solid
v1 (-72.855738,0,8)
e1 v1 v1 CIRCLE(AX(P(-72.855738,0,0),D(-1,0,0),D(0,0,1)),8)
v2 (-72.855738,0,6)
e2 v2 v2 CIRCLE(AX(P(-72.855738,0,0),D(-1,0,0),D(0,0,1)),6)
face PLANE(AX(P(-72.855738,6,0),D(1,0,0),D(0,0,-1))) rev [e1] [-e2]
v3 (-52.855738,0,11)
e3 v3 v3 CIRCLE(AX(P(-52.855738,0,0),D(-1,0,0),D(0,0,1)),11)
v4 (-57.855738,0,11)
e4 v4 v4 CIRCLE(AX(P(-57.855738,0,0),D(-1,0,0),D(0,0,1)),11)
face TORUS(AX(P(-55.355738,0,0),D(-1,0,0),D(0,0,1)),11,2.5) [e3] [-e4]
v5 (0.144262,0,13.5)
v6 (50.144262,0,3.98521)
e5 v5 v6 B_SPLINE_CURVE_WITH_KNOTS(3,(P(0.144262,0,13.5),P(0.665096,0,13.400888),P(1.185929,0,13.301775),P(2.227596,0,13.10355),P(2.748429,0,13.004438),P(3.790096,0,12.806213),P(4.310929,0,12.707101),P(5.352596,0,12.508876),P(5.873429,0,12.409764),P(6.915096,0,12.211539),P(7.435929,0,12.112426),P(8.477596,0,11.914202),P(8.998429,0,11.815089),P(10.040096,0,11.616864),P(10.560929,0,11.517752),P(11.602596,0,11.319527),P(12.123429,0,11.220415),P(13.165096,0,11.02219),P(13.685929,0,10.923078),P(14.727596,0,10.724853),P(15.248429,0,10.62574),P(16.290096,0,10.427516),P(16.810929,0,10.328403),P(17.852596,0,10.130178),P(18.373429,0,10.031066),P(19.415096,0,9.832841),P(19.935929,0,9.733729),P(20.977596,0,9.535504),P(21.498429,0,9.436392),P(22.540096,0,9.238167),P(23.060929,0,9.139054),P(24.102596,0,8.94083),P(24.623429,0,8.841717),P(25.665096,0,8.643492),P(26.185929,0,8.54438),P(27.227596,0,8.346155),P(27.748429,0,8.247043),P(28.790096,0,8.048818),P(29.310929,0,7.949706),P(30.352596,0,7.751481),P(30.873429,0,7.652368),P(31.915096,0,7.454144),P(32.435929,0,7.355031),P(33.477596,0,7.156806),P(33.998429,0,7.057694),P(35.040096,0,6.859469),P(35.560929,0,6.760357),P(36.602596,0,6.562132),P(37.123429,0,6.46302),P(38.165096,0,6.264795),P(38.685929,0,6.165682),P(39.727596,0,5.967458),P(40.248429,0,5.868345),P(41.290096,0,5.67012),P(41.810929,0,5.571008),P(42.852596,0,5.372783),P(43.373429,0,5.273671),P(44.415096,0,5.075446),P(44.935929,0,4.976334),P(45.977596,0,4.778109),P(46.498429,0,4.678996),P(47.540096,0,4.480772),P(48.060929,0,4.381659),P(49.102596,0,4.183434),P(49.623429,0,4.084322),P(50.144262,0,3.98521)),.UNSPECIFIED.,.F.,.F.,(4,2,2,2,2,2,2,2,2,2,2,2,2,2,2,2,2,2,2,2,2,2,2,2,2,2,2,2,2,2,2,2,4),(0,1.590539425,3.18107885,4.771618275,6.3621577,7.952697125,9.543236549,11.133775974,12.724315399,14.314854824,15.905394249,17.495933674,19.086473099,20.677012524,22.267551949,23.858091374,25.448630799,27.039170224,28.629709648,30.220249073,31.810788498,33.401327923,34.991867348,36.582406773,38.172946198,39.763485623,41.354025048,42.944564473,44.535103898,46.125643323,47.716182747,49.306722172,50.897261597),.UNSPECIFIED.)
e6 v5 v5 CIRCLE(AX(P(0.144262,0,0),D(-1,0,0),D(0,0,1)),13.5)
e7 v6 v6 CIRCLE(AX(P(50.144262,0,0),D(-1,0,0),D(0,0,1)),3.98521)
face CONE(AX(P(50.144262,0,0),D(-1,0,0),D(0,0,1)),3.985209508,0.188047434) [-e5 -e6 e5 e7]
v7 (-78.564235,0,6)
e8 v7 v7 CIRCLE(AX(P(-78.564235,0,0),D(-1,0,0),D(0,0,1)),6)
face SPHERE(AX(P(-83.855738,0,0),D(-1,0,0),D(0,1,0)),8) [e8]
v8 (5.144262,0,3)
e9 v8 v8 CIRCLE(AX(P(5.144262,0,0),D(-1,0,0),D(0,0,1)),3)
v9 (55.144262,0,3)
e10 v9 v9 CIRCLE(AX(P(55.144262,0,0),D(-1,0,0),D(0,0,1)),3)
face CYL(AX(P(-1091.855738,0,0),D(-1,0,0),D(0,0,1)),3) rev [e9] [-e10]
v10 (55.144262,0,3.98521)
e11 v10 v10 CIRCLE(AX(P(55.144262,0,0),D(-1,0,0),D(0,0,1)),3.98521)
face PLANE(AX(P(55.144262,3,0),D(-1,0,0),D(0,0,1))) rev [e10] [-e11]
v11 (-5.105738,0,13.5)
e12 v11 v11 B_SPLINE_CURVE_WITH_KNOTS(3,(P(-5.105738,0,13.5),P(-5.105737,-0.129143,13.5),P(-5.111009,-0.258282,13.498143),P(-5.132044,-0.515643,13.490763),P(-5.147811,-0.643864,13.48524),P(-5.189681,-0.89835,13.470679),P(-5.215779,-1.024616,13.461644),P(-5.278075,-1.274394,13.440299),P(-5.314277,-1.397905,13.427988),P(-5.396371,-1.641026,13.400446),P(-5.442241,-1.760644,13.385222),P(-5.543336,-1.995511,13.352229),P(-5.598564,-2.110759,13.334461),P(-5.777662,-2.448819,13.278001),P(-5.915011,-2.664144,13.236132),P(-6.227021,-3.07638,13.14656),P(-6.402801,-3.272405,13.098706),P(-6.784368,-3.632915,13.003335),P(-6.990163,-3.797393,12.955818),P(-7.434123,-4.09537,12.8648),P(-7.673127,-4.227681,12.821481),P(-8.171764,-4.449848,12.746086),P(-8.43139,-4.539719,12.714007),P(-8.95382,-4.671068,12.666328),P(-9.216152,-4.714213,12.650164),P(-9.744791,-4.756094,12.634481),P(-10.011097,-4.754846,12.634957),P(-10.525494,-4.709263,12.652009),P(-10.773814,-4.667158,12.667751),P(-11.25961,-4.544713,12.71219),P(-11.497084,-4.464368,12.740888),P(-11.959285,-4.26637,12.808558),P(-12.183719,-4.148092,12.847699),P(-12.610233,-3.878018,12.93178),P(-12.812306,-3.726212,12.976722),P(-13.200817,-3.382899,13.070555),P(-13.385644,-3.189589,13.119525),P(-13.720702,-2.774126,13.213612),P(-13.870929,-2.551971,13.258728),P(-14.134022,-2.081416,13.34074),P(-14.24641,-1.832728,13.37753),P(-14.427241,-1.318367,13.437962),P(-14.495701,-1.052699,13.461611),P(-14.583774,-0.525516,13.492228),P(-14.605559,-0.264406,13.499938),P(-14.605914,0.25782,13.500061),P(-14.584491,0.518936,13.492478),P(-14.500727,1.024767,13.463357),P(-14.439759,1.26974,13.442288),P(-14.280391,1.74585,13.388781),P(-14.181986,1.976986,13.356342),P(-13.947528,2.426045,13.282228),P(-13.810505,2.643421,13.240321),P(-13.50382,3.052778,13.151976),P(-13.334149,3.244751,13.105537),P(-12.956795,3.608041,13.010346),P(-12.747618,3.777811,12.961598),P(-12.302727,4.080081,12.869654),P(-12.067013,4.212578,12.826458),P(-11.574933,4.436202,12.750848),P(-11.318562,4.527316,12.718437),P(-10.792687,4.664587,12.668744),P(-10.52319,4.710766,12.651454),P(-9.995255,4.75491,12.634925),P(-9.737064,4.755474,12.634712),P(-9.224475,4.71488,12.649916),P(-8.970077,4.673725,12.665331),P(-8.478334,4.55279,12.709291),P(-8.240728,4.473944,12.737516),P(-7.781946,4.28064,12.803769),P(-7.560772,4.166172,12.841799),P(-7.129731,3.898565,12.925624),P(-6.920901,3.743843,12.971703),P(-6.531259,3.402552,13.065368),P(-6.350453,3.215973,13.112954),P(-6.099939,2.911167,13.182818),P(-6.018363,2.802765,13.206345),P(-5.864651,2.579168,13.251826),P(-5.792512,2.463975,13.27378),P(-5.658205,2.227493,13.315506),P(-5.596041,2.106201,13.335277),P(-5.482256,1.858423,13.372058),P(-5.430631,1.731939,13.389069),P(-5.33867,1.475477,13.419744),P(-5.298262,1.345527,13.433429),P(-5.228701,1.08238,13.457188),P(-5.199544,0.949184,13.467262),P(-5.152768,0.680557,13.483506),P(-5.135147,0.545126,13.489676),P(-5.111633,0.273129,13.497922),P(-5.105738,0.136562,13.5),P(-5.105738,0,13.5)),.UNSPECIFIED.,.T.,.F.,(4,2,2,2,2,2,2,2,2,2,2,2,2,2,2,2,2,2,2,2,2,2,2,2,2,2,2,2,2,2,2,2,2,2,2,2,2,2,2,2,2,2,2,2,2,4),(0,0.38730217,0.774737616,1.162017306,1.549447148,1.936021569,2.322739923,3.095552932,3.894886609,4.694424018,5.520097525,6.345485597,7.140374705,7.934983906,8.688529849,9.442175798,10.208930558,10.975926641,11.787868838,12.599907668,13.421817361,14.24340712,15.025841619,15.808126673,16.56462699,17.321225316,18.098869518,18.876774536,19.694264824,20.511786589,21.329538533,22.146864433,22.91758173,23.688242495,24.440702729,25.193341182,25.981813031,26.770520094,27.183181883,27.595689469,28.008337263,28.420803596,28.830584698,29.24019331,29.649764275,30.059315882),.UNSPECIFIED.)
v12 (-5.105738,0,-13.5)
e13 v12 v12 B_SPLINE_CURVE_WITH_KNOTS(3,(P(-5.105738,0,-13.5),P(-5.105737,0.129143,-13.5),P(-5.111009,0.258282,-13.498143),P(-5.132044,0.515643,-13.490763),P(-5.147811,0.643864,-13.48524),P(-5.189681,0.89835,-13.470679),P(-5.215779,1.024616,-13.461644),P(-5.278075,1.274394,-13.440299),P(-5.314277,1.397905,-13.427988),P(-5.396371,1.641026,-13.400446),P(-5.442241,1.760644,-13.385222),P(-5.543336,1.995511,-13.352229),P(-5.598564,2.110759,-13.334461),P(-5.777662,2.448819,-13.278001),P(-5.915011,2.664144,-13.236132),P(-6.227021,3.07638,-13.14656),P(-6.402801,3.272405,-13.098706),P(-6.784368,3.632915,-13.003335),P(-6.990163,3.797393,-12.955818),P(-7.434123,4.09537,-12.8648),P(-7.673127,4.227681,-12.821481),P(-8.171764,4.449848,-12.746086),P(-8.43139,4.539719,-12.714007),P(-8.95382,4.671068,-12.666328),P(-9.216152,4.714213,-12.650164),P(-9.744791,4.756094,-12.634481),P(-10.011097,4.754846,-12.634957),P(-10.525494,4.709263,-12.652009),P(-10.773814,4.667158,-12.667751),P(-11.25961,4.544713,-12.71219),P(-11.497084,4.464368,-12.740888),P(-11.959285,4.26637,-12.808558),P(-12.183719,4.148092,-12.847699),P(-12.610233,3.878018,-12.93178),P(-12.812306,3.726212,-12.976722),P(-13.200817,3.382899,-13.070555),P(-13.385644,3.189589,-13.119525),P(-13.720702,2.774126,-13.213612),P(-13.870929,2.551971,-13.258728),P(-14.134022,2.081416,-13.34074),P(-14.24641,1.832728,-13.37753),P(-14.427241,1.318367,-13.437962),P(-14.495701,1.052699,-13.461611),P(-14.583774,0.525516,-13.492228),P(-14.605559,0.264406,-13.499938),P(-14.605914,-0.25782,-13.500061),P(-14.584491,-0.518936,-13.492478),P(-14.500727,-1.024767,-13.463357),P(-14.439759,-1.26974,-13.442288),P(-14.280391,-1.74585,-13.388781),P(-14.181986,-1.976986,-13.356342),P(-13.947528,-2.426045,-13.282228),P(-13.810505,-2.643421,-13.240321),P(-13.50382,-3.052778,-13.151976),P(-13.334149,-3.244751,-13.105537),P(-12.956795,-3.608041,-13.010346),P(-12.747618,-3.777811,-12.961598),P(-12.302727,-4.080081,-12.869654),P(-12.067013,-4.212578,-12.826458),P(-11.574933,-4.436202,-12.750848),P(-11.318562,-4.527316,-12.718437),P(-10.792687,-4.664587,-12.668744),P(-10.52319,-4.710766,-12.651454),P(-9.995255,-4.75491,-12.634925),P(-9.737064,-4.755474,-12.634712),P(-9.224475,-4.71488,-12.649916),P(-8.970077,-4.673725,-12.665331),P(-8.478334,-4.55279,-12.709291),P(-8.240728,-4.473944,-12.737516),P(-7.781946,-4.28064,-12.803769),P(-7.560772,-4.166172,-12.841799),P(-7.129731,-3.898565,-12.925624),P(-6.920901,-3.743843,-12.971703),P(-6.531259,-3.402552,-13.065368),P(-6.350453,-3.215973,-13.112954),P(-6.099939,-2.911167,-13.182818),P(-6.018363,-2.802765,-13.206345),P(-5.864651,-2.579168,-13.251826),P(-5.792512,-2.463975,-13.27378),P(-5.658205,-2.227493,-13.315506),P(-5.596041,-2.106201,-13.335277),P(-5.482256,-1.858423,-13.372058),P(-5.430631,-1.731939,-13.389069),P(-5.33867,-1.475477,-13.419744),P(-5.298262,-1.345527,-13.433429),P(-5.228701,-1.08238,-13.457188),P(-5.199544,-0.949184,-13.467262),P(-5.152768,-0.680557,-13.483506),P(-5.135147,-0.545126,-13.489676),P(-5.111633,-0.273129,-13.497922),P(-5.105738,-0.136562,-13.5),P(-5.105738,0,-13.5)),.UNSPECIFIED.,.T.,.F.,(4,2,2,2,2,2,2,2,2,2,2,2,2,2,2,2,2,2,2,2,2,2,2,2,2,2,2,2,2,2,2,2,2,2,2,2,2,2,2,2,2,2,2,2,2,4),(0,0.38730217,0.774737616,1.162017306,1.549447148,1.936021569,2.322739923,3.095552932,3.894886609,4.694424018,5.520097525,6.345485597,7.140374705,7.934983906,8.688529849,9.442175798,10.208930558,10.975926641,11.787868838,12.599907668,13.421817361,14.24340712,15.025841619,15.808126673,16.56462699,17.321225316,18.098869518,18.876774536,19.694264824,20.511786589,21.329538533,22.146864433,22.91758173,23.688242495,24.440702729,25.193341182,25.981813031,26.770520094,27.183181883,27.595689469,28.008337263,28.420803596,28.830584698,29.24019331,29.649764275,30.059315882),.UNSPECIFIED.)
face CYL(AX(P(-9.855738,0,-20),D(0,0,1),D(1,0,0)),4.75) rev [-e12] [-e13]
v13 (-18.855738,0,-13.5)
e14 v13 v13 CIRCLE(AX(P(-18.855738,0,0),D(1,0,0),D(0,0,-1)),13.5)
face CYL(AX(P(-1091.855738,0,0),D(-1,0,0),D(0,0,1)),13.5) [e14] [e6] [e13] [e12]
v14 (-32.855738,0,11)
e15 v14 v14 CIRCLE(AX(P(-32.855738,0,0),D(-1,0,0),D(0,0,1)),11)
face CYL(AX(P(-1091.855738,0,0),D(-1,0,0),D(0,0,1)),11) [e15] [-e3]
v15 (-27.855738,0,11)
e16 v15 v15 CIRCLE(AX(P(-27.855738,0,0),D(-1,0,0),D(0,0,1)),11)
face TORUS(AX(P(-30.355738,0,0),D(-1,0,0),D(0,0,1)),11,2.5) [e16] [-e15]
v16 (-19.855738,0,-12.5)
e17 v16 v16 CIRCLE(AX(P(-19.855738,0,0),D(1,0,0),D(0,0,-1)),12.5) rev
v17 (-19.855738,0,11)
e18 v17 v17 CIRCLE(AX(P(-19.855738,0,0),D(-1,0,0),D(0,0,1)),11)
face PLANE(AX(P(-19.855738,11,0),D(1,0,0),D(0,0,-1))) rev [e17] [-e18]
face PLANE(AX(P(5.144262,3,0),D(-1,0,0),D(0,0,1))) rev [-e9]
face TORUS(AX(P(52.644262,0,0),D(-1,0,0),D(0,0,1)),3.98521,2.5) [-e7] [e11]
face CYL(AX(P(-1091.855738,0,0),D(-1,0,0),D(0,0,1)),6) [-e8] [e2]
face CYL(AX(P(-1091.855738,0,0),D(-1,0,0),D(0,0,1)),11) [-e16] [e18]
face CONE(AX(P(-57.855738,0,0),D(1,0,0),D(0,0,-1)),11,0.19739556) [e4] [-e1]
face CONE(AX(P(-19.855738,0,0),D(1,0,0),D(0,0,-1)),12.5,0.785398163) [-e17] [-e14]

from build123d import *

# Parameters (mm, degrees)
CHAMFER1_SIZE      = 1
SKETCH3_R          = 4.75
CUT_EXTRUDE1_DEPTH = 20


with BuildPart() as part:
    # Sketch1 → Revolve1 (revolve)
    with BuildSketch(Plane.XY, mode=Mode.PRIVATE) as revolve1_sk:
        with BuildLine():
            Line((-91.855737705, 0), (5.144262295, 0))
            Line((5.144262295, 0), (5.144262295, 3))
            Line((5.144262295, 3), (55.144262295, 3))
            Line((55.144262295, 3), (55.144262295, 3.985209508))
            ThreePointArc((55.144262295, 3.985209508), (52.644262295, 6.485209508), (50.144262295, 3.985209508))
            Line((50.144262295, 3.985209508), (0.144262295, 13.5))
            Line((0.144262295, 13.5), (-19.855737705, 13.5))
            Line((-19.855737705, 13.5), (-19.855737705, 11))
            Line((-19.855737705, 11), (-27.855737705, 11))
            ThreePointArc((-27.855737705, 11), (-30.355737705, 13.5), (-32.855737705, 11))
            Line((-32.855737705, 11), (-52.855737705, 11))
            ThreePointArc((-52.855737705, 11), (-55.355737705, 13.5), (-57.855737705, 11))
            Line((-57.855737705, 11), (-72.855737705, 8))
            Line((-72.855737705, 8), (-72.855737705, 6))
            Line((-72.855737705, 6), (-78.564235083, 6))
            ThreePointArc((-78.564235083, 6), (-87.147240327, 7.291502622), (-91.855737705, 0))
        make_face()
    revolve(revolve1_sk.sketch.rotate(Axis((-1091.855737705, 0, 0), (1, 0, 0)), 90), axis=Axis((-1091.855737705, 0, 0), (1, 0, 0)))

    # Chamfer1
    chamfer1_edges = [part.edges().sort_by_distance(p)[0] for p in [
        (-19.855737705, 0, -13.5),
    ]]
    chamfer(chamfer1_edges, length=CHAMFER1_SIZE)

    # Sketch3 → Cut-Extrude1 (cut, symmetric)
    with BuildSketch(Plane.XY):
        with Locations((-9.855737705, 0)):
            Circle(SKETCH3_R)
    extrude(amount=CUT_EXTRUDE1_DEPTH, both=True, mode=Mode.SUBTRACT)


solid = part.part
